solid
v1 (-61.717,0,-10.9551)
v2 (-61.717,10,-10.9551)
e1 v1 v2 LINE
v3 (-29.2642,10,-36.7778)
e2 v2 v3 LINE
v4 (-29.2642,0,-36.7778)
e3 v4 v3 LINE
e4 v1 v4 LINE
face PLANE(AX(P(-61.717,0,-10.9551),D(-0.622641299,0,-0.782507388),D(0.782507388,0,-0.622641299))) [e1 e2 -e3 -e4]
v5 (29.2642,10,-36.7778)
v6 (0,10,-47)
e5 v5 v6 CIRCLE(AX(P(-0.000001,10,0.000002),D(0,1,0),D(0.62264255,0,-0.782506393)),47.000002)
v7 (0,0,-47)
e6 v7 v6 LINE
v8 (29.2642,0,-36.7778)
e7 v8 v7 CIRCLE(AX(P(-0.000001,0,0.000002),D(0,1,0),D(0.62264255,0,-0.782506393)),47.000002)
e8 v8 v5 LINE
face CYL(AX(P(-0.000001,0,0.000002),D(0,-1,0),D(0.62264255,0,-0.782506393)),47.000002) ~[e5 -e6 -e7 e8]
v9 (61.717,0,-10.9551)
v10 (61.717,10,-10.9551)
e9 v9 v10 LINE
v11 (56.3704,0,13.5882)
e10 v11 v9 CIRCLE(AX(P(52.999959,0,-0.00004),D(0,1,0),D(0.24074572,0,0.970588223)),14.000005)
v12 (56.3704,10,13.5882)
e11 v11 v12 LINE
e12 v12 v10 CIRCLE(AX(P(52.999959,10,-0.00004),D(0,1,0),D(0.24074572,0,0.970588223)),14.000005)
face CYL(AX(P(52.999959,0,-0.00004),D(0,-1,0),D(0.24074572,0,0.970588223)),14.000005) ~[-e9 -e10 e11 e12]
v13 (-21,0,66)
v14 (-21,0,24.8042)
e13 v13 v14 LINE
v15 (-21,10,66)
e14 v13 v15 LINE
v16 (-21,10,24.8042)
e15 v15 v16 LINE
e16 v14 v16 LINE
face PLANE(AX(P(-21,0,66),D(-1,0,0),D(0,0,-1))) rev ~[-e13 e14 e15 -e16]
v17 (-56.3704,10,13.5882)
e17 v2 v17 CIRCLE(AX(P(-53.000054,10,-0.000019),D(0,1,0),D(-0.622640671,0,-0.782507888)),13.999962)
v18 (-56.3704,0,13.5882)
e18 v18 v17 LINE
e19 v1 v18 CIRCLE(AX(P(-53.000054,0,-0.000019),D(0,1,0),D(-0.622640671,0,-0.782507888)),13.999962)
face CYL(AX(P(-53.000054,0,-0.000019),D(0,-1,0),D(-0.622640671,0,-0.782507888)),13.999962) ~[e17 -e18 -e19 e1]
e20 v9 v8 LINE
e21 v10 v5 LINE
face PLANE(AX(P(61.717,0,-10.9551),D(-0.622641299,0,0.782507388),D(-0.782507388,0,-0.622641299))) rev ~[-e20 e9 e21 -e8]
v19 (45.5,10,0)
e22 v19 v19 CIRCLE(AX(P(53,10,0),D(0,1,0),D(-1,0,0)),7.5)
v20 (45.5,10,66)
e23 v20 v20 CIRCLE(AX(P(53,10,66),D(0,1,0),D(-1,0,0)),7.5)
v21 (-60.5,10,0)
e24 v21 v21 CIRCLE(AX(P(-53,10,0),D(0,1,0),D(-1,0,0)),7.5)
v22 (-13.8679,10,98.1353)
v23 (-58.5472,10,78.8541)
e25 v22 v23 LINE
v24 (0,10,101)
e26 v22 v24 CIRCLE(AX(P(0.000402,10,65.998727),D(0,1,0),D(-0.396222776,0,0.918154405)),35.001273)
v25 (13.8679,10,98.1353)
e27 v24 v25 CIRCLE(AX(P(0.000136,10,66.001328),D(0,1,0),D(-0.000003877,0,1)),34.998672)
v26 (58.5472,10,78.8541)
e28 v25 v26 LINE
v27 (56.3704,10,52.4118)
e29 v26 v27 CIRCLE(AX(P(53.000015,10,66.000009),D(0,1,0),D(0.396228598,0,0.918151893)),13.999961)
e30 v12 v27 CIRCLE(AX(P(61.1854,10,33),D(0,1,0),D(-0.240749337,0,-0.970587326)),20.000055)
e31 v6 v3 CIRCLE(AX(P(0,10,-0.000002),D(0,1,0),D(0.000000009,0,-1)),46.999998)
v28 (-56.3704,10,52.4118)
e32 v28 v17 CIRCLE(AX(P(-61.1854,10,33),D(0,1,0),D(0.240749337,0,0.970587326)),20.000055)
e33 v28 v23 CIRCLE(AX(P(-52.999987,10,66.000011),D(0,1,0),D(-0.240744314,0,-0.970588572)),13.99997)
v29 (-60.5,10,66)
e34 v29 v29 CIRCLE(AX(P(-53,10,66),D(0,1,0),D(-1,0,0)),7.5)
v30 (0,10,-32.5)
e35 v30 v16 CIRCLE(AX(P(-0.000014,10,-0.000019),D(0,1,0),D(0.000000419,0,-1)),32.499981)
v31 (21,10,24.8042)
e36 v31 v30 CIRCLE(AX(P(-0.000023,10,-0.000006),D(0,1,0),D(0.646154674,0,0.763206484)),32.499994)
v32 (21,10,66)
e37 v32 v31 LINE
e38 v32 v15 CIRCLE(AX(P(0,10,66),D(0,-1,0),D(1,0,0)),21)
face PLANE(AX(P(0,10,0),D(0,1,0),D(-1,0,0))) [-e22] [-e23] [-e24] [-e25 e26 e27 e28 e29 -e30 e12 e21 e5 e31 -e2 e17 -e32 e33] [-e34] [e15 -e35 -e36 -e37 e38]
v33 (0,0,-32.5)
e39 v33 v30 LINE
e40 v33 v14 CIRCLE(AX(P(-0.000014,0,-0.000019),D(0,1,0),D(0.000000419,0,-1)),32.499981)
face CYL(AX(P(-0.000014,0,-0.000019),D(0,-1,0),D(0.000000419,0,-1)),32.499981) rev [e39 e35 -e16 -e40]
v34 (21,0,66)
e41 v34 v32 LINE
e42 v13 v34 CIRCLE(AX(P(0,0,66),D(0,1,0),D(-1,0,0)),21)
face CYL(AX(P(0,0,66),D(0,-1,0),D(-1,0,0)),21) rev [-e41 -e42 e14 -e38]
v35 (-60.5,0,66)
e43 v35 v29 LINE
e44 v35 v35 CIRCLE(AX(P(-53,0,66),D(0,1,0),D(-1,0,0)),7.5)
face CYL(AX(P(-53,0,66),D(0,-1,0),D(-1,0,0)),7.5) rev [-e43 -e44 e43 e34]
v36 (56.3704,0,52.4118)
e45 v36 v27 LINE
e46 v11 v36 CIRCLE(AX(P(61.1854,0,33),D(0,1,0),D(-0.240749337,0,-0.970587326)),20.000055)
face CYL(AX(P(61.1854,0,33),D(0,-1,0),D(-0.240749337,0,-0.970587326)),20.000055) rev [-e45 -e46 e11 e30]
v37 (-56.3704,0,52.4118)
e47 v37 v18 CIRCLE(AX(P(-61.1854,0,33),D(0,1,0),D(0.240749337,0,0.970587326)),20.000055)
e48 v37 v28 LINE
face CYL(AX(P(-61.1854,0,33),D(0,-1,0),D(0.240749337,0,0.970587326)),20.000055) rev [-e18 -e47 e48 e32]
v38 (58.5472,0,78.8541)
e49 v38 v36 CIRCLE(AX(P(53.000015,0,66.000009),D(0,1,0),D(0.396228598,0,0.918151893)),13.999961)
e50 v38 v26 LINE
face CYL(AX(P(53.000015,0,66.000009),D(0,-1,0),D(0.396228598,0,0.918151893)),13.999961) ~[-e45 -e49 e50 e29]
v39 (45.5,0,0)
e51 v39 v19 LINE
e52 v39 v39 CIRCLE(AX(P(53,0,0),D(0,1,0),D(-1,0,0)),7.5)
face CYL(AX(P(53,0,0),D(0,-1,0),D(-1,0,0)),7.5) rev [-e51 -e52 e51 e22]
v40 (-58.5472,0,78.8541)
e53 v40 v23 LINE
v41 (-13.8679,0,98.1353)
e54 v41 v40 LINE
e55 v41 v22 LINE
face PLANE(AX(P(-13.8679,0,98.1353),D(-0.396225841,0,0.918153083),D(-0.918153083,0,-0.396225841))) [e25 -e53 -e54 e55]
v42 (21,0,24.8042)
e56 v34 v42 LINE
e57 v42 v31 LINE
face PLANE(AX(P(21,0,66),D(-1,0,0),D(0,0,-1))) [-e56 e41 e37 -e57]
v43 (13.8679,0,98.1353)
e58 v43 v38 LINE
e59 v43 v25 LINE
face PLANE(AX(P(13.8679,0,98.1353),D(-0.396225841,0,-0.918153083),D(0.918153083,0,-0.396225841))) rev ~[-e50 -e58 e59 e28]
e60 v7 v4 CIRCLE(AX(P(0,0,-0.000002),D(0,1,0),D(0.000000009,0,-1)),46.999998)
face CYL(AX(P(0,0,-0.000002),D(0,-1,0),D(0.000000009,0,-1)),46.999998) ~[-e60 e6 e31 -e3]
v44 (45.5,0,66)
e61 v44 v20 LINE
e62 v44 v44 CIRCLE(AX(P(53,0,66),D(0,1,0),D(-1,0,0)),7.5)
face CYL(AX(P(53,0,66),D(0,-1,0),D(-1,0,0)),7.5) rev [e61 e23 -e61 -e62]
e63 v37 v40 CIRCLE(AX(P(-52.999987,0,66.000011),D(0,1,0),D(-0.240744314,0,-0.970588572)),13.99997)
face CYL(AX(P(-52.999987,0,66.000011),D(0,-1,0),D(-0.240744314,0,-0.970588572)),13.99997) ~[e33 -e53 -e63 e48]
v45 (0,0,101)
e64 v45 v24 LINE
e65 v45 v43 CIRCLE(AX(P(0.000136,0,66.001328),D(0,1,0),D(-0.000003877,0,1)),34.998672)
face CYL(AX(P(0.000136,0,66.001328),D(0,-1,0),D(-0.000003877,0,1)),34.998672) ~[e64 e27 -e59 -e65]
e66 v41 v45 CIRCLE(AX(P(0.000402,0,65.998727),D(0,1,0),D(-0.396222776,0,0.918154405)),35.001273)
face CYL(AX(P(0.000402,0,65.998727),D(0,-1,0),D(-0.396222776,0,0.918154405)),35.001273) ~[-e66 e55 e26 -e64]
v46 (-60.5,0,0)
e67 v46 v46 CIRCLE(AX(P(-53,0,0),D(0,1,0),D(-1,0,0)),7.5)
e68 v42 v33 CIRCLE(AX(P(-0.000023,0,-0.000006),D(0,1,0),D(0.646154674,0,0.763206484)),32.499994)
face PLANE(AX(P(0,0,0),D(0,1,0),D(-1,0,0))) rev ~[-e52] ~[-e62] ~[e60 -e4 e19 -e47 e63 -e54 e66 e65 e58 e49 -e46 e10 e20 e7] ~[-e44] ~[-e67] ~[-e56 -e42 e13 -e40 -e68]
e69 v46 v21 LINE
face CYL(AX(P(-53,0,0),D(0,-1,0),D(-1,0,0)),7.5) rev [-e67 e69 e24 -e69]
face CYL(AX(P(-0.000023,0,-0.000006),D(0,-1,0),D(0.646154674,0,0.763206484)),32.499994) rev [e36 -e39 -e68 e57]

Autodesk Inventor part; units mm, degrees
ref_plane "YZ Plane" through (0, 0, 0) normal (1, 0, 0) x (0, 1, 0)
ref_plane "XZ Plane" through (0, 0, 0) normal (0, 1, 0) x (-1, 0, 0)
ref_plane "XY Plane" through (0, 0, 0) normal (0, 0, 1) x (1, 0, 0)
sketch "Sketch1" plane through (0, 0, 0) normal (0, 1, 0) x (-1, 0, 0)
  arc A0 (13.8679, 98.1353) -> (0, 101) centre (0, 66) ccw
  arc A1 (0, -47) -> (29.2642, -36.7778) centre (0, 0) ccw
  arc A2 (56.3704, 52.4118) -> (58.5472, 78.8541) centre (53, 66) ccw
  arc A3 (61.717, -10.9551) -> (56.3704, 13.5882) centre (53, 0) ccw
  line L0 (13.8679, 98.1353) -> (58.5472, 78.8541)
  line L1 (61.717, -10.9551) -> (29.2642, -36.7778)
  arc A4 (56.3704, 52.4118) -> (56.3704, 13.5882) centre (61.1854, 33) ccw
  line L2 (0, 101) -> (0, -47)
  arc A5 (21, 66) -> (0, 87) centre (0, 66) ccw
  arc A6 (0, -32.5) -> (21, 24.8042) centre (0, 0) ccw
  line L3 (21, 66) -> (21, 24.8042)
  circle A7 centre (53, 66) radius 7.5
  circle A8 centre (53, 0) radius 7.5
  arc A9 (0, 101) -> (-13.8679, 98.1353) centre (0, 66) ccw
  arc A10 (-29.2642, -36.7778) -> (0, -47) centre (0, 0) ccw
  arc A11 (-58.5472, 78.8541) -> (-56.3704, 52.4118) centre (-53, 66) ccw
  arc A12 (-56.3704, 13.5882) -> (-61.717, -10.9551) centre (-53, 0) ccw
  line L4 (-13.8679, 98.1353) -> (-58.5472, 78.8541)
  line L5 (-61.717, -10.9551) -> (-29.2642, -36.7778)
  arc A13 (-56.3704, 13.5882) -> (-56.3704, 52.4118) centre (-61.1854, 33) ccw
  arc A14 (0, 87) -> (-21, 66) centre (0, 66) ccw
  arc A15 (-21, 24.8042) -> (0, -32.5) centre (0, 0) ccw
  line L6 (-21, 66) -> (-21, 24.8042)
  circle A16 centre (-53, 66) radius 7.5
  circle A17 centre (-53, 0) radius 7.5
  dimension "d0" = 94
  dimension "d1" = 70
  dimension "d2" = 66
  dimension "d3" = 0
  dimension "d4" = 28
  dimension "d5" = 28
  dimension "d6" = 53
  dimension "d7" = 0
  dimension "d8" = 0
  dimension "d9" = 66
  dimension "d10" = 40
  dimension "d11" = 42
  dimension "d12" = 65
  dimension "d13" = 15
  dimension "d14" = 15
extrude "Extrusion1" add sketch "Sketch1" along normal blind 10 contours L0 A2 A4 A3 L1 A1 L2 A6 L3 A5 A0 | L2 A14 L6 A15 A10 L5 A12 A13 A11 L4 A9
equation "\"d5\" = d4"
